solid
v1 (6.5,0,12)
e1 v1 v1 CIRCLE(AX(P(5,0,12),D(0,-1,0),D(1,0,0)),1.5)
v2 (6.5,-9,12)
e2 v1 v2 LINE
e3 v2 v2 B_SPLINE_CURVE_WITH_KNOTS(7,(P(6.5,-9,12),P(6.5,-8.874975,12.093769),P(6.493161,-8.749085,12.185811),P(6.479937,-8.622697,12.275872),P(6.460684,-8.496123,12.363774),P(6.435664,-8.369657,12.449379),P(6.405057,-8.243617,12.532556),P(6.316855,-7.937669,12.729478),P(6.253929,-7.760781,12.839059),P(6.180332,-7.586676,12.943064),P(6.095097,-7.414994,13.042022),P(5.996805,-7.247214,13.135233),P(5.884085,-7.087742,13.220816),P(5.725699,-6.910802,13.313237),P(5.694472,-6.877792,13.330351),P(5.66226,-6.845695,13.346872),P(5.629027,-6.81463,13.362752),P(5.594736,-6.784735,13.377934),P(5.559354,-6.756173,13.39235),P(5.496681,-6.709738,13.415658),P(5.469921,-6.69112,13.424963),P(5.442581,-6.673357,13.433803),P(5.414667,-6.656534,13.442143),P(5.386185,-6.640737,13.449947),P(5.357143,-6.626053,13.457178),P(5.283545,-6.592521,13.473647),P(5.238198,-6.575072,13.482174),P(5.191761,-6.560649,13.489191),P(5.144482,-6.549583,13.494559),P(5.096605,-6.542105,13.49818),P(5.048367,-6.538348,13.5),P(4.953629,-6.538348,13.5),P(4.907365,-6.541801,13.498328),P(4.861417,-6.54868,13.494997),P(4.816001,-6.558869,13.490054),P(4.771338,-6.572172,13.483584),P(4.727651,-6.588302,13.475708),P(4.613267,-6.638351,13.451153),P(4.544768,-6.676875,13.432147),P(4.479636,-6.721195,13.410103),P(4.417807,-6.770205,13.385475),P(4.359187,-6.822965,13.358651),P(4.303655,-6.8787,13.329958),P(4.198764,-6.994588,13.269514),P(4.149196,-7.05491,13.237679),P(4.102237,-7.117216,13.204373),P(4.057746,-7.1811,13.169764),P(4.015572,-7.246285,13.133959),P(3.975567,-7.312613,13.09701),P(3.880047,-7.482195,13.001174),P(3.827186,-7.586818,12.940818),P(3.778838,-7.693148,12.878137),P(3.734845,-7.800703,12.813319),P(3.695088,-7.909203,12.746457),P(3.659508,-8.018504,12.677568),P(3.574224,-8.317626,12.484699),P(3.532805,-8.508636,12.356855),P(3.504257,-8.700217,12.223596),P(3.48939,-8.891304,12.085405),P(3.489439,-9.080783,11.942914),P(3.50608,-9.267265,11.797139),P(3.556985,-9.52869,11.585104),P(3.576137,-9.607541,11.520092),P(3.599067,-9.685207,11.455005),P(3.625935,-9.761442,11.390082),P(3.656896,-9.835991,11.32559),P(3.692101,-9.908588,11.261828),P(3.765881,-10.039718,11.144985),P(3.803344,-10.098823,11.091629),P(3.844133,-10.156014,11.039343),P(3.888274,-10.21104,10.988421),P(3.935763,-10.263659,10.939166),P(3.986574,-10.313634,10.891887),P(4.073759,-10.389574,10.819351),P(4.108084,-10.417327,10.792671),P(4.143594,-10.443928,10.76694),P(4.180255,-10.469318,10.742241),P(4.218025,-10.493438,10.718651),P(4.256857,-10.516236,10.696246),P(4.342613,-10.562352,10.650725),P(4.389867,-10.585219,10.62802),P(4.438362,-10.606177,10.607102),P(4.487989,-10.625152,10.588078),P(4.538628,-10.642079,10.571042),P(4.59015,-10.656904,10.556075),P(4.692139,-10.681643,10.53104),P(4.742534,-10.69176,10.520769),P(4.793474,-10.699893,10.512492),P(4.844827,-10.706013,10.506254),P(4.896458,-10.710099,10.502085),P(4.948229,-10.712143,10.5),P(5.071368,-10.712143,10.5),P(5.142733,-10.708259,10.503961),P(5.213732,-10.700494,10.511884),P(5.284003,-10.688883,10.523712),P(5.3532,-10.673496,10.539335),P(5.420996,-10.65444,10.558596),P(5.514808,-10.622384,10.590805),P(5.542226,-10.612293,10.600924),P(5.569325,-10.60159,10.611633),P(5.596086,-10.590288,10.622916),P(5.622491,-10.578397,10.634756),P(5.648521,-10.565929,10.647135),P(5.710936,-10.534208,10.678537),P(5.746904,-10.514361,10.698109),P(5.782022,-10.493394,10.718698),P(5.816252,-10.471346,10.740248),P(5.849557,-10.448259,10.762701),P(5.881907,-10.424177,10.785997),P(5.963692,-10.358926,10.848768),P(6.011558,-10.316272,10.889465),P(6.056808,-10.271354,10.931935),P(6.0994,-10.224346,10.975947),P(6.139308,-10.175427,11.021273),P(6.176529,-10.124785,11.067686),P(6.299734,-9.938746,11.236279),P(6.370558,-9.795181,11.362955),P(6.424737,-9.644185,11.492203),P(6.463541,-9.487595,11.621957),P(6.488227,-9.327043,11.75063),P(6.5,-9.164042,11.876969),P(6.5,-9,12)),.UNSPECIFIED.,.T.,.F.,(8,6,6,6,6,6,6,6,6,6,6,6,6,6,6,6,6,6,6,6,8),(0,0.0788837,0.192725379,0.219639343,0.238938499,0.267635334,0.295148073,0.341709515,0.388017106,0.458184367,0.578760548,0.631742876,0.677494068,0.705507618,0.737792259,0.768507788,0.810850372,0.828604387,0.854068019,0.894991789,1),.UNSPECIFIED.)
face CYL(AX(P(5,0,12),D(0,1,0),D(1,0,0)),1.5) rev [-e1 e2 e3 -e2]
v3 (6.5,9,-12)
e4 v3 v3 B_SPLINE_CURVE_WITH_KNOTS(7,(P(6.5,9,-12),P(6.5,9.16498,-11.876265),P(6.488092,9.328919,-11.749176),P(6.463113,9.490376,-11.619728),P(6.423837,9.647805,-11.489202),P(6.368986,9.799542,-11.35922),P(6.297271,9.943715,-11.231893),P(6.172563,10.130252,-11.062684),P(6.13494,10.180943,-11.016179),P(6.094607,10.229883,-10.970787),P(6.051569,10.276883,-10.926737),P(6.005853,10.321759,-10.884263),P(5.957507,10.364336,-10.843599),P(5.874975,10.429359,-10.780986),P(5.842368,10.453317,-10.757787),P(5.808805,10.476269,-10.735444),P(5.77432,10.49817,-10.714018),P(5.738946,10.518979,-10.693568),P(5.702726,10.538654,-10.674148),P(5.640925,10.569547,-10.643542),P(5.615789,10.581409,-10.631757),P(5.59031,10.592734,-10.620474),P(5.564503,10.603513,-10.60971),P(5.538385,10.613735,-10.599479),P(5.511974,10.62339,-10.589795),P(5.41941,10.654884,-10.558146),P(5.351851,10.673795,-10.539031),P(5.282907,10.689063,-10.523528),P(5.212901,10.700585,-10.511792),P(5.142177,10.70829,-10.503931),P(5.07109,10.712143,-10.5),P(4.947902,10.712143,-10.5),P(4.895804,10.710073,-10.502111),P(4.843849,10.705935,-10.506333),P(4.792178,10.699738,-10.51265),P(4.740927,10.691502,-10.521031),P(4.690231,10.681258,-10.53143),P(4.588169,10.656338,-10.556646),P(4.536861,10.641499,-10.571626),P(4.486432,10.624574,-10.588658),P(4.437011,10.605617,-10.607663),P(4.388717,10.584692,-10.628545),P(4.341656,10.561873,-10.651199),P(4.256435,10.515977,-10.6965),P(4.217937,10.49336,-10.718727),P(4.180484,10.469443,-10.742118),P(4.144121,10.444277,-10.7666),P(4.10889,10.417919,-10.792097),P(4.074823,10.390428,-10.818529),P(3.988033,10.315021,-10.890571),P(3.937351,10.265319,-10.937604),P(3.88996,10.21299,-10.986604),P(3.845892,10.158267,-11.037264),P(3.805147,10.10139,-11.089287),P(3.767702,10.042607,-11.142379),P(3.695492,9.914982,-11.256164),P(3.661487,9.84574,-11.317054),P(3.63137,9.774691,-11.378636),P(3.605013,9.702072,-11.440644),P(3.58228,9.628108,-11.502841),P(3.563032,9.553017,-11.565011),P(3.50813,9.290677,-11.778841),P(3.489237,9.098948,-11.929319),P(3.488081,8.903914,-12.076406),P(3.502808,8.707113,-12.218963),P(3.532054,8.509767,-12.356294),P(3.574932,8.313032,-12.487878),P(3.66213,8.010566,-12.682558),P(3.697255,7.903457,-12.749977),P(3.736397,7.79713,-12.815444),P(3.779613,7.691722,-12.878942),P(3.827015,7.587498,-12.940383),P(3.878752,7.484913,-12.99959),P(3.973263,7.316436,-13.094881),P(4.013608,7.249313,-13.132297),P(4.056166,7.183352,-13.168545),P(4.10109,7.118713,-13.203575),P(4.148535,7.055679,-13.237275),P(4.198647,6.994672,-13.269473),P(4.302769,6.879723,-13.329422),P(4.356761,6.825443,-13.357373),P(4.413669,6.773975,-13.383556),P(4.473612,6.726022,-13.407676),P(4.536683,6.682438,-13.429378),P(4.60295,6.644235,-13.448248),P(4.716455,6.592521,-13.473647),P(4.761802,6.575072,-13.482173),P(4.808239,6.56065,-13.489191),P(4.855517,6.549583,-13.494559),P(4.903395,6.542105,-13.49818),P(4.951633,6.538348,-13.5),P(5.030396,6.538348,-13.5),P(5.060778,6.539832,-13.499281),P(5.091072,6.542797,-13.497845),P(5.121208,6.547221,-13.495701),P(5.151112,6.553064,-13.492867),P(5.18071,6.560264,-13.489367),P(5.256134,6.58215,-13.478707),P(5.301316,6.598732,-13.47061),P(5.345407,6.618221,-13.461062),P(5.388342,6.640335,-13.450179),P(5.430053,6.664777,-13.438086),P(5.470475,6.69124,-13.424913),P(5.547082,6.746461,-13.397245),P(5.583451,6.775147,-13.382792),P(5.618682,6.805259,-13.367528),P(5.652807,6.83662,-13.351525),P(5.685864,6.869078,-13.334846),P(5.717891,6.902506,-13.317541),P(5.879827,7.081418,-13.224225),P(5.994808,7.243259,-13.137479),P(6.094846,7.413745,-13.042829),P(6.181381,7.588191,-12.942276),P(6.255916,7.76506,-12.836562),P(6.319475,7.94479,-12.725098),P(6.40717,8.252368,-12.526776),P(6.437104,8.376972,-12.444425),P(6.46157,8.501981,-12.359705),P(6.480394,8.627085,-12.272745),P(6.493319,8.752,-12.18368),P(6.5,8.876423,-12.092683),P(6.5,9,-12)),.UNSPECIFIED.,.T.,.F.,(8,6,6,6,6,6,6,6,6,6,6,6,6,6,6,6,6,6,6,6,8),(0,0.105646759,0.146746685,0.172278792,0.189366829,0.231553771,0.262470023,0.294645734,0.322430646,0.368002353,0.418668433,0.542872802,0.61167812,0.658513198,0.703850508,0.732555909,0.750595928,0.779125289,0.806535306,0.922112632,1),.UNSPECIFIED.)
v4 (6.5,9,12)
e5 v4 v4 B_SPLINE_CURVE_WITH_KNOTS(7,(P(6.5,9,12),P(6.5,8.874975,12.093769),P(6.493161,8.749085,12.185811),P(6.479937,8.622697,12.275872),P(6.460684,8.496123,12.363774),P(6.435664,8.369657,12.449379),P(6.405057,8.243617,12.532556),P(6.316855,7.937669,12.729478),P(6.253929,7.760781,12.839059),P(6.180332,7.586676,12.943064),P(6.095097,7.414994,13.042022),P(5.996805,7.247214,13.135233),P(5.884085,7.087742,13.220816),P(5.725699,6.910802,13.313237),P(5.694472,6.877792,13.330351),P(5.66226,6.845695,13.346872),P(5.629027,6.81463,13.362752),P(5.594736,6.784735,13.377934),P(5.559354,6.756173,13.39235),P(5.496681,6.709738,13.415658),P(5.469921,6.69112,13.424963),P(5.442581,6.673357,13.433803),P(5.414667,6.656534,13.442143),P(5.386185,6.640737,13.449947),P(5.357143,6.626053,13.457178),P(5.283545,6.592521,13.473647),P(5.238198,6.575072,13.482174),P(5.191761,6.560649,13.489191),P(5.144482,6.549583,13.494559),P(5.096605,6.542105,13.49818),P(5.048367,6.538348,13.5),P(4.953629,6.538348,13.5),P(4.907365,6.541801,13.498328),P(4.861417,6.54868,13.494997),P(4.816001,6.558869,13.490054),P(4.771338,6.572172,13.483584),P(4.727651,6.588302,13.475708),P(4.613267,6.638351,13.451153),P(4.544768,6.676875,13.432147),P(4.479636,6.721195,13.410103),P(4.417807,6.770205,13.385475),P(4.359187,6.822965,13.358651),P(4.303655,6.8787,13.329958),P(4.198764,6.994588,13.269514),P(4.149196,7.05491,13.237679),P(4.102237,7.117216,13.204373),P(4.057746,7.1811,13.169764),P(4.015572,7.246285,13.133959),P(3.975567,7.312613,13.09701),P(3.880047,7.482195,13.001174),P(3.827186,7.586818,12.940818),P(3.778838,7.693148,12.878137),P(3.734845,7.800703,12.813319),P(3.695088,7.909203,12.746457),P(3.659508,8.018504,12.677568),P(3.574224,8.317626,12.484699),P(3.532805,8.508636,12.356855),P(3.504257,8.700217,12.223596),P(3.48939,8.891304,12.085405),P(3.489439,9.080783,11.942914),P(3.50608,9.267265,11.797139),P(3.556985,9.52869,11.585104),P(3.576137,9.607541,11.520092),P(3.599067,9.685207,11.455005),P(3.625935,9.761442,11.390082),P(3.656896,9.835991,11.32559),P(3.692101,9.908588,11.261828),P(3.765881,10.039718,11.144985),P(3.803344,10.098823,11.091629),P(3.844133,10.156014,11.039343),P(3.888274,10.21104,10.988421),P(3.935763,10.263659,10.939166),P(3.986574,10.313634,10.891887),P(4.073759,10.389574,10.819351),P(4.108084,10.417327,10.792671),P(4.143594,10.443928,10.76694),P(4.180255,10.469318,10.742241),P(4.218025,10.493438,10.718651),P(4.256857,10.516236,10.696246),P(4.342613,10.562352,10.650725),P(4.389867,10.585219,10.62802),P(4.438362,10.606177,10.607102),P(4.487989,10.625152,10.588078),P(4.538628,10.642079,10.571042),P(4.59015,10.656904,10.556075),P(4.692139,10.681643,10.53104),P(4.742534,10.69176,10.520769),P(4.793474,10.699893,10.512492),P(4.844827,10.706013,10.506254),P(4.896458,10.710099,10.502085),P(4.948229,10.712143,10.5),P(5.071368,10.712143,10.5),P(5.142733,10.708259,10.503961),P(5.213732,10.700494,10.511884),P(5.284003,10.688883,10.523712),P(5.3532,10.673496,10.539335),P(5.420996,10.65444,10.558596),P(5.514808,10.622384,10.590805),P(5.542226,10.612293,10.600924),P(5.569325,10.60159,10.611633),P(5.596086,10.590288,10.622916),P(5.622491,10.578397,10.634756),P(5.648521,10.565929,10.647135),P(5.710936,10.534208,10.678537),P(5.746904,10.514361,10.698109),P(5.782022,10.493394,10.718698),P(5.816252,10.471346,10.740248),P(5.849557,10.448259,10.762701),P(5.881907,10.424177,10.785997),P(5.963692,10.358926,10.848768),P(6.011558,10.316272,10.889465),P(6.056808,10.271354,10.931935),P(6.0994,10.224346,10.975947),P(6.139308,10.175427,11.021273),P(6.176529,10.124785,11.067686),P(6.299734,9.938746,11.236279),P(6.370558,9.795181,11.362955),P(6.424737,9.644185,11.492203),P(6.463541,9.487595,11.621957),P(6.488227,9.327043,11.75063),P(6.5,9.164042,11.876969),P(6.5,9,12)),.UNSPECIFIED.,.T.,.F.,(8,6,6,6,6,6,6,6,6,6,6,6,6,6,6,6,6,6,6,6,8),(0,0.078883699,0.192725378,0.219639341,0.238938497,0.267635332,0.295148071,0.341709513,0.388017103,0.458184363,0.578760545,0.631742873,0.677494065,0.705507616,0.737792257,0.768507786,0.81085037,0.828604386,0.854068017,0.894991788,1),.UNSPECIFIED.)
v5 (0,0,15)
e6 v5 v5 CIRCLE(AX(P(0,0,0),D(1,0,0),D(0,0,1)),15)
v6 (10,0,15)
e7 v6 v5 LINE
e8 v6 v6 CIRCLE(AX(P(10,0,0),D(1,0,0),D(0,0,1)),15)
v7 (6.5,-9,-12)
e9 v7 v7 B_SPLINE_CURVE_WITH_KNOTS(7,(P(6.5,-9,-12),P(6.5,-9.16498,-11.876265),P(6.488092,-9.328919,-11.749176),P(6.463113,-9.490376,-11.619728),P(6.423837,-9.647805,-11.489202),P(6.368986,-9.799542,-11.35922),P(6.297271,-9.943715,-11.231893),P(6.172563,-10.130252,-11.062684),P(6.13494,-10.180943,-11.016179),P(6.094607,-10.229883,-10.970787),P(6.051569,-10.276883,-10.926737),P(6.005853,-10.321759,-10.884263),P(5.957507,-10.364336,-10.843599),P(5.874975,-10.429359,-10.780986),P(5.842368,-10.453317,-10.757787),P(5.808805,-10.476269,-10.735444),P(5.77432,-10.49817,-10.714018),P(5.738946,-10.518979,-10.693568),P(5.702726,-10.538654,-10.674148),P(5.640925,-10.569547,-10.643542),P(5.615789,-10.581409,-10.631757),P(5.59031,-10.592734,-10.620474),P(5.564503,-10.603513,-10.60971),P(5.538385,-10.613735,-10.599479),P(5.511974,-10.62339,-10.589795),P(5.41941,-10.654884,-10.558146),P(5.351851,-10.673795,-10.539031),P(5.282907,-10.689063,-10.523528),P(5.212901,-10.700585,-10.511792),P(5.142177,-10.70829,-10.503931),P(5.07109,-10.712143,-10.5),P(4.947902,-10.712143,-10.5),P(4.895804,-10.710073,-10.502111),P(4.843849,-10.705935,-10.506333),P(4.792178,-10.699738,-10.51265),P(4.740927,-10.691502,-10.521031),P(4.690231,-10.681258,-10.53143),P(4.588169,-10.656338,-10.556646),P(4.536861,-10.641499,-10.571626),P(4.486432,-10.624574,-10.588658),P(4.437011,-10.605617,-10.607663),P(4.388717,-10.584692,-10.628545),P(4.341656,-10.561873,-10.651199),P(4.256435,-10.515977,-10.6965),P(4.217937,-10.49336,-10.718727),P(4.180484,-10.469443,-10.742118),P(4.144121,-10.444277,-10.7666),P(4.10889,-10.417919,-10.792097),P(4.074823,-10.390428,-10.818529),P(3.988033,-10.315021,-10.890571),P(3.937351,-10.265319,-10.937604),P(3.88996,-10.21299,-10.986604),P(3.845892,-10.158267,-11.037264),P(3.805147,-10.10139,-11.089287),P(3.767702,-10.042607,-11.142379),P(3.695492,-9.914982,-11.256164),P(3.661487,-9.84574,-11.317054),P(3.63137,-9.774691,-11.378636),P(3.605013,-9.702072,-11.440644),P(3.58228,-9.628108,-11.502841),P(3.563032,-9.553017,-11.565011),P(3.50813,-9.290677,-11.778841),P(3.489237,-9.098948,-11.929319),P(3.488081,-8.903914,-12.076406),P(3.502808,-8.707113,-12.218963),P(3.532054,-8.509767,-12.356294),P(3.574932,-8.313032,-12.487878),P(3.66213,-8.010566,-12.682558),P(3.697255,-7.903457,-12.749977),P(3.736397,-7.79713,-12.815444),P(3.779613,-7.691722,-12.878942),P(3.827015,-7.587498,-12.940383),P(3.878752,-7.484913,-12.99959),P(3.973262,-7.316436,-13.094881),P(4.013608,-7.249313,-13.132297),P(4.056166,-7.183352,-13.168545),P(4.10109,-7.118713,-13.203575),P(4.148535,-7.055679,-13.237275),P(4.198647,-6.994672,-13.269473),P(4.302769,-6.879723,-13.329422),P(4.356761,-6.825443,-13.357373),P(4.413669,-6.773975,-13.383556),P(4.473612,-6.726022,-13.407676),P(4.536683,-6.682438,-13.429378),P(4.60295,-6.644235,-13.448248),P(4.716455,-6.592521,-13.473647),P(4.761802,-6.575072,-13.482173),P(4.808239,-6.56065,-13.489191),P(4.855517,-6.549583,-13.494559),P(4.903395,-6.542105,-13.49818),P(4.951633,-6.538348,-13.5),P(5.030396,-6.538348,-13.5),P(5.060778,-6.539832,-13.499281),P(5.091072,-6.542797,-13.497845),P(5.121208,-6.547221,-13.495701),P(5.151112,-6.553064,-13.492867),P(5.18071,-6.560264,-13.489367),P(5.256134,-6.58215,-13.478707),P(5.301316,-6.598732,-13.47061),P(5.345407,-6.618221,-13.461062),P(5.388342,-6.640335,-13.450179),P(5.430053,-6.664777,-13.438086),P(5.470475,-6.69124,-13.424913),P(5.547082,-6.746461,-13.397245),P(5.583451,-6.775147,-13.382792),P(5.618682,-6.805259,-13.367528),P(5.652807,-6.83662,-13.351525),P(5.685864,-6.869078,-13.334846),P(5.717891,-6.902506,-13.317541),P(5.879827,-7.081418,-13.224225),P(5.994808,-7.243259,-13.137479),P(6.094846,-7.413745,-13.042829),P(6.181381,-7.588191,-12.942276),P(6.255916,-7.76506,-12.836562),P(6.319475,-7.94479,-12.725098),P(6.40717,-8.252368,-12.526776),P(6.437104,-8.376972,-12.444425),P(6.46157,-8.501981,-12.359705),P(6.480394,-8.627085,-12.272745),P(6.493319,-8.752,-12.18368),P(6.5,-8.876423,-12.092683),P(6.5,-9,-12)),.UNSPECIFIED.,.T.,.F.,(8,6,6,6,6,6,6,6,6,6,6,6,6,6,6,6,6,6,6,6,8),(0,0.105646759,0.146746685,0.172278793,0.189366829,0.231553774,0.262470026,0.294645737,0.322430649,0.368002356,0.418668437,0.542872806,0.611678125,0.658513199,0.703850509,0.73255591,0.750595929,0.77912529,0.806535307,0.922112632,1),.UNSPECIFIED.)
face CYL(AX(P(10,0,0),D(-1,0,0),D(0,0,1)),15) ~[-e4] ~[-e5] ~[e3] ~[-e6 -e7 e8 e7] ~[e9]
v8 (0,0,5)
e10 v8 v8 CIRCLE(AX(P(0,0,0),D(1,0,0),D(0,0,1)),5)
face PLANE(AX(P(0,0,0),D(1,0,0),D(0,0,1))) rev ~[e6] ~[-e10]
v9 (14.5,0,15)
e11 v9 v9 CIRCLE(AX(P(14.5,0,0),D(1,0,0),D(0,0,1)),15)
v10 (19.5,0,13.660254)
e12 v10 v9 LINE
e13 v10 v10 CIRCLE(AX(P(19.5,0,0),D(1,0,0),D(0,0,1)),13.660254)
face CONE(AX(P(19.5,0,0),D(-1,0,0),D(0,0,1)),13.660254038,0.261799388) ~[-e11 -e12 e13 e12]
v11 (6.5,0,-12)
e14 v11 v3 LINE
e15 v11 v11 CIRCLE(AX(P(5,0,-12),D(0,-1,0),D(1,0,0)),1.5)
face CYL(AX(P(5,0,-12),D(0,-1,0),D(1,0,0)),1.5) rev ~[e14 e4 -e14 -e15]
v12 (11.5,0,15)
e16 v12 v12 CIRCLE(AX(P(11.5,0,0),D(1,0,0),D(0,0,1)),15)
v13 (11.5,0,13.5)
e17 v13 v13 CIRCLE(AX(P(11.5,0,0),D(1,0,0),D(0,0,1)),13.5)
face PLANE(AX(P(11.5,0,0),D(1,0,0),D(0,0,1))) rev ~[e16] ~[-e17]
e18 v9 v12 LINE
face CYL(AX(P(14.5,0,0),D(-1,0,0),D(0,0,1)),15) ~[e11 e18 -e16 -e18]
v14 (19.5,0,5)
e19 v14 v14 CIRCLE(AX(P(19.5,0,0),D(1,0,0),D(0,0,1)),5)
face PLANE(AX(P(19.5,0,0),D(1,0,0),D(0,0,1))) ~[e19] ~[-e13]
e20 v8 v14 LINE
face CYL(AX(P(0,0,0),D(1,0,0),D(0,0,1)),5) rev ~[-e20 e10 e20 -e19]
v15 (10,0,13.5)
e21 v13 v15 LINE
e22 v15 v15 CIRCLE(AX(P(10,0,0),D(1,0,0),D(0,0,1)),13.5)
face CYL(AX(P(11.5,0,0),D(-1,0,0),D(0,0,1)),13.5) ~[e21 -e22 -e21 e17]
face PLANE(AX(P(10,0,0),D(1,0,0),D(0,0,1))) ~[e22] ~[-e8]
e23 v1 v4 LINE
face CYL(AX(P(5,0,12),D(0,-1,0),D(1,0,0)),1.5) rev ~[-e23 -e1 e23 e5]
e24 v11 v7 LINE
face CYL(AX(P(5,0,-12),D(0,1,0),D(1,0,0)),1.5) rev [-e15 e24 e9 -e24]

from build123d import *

# Parameters (mm, degrees)
F2_R          = 1.5
F3_DEPTH      = 15.001
F3_DEPTH_BACK = 15.001


with BuildPart() as f1:
    # F0 (on Front) → F1 (revolve)
    with BuildSketch(Plane.XZ):
        Polygon((0, 5), (19.5, 5), (19.5, 13.6602540378), (14.5, 15), (11.5, 15), (11.5, 13.5), (10, 13.5), (10, 15), (0, 15), align=None)
    revolve(axis=Axis((9.75, 0, 0), (1, 0, 0)))

    # F2 (on Front) → F3 (cut, two sides)
    with BuildSketch(Plane.XZ) as f3_sk:
        with Locations((5, 12)):
            Circle(F2_R)
        with Locations((5, -12)):
            Circle(F2_R)
    extrude(amount=-F3_DEPTH, mode=Mode.SUBTRACT)
    extrude(f3_sk.sketch, amount=F3_DEPTH_BACK, mode=Mode.SUBTRACT)


solid = f1.part
